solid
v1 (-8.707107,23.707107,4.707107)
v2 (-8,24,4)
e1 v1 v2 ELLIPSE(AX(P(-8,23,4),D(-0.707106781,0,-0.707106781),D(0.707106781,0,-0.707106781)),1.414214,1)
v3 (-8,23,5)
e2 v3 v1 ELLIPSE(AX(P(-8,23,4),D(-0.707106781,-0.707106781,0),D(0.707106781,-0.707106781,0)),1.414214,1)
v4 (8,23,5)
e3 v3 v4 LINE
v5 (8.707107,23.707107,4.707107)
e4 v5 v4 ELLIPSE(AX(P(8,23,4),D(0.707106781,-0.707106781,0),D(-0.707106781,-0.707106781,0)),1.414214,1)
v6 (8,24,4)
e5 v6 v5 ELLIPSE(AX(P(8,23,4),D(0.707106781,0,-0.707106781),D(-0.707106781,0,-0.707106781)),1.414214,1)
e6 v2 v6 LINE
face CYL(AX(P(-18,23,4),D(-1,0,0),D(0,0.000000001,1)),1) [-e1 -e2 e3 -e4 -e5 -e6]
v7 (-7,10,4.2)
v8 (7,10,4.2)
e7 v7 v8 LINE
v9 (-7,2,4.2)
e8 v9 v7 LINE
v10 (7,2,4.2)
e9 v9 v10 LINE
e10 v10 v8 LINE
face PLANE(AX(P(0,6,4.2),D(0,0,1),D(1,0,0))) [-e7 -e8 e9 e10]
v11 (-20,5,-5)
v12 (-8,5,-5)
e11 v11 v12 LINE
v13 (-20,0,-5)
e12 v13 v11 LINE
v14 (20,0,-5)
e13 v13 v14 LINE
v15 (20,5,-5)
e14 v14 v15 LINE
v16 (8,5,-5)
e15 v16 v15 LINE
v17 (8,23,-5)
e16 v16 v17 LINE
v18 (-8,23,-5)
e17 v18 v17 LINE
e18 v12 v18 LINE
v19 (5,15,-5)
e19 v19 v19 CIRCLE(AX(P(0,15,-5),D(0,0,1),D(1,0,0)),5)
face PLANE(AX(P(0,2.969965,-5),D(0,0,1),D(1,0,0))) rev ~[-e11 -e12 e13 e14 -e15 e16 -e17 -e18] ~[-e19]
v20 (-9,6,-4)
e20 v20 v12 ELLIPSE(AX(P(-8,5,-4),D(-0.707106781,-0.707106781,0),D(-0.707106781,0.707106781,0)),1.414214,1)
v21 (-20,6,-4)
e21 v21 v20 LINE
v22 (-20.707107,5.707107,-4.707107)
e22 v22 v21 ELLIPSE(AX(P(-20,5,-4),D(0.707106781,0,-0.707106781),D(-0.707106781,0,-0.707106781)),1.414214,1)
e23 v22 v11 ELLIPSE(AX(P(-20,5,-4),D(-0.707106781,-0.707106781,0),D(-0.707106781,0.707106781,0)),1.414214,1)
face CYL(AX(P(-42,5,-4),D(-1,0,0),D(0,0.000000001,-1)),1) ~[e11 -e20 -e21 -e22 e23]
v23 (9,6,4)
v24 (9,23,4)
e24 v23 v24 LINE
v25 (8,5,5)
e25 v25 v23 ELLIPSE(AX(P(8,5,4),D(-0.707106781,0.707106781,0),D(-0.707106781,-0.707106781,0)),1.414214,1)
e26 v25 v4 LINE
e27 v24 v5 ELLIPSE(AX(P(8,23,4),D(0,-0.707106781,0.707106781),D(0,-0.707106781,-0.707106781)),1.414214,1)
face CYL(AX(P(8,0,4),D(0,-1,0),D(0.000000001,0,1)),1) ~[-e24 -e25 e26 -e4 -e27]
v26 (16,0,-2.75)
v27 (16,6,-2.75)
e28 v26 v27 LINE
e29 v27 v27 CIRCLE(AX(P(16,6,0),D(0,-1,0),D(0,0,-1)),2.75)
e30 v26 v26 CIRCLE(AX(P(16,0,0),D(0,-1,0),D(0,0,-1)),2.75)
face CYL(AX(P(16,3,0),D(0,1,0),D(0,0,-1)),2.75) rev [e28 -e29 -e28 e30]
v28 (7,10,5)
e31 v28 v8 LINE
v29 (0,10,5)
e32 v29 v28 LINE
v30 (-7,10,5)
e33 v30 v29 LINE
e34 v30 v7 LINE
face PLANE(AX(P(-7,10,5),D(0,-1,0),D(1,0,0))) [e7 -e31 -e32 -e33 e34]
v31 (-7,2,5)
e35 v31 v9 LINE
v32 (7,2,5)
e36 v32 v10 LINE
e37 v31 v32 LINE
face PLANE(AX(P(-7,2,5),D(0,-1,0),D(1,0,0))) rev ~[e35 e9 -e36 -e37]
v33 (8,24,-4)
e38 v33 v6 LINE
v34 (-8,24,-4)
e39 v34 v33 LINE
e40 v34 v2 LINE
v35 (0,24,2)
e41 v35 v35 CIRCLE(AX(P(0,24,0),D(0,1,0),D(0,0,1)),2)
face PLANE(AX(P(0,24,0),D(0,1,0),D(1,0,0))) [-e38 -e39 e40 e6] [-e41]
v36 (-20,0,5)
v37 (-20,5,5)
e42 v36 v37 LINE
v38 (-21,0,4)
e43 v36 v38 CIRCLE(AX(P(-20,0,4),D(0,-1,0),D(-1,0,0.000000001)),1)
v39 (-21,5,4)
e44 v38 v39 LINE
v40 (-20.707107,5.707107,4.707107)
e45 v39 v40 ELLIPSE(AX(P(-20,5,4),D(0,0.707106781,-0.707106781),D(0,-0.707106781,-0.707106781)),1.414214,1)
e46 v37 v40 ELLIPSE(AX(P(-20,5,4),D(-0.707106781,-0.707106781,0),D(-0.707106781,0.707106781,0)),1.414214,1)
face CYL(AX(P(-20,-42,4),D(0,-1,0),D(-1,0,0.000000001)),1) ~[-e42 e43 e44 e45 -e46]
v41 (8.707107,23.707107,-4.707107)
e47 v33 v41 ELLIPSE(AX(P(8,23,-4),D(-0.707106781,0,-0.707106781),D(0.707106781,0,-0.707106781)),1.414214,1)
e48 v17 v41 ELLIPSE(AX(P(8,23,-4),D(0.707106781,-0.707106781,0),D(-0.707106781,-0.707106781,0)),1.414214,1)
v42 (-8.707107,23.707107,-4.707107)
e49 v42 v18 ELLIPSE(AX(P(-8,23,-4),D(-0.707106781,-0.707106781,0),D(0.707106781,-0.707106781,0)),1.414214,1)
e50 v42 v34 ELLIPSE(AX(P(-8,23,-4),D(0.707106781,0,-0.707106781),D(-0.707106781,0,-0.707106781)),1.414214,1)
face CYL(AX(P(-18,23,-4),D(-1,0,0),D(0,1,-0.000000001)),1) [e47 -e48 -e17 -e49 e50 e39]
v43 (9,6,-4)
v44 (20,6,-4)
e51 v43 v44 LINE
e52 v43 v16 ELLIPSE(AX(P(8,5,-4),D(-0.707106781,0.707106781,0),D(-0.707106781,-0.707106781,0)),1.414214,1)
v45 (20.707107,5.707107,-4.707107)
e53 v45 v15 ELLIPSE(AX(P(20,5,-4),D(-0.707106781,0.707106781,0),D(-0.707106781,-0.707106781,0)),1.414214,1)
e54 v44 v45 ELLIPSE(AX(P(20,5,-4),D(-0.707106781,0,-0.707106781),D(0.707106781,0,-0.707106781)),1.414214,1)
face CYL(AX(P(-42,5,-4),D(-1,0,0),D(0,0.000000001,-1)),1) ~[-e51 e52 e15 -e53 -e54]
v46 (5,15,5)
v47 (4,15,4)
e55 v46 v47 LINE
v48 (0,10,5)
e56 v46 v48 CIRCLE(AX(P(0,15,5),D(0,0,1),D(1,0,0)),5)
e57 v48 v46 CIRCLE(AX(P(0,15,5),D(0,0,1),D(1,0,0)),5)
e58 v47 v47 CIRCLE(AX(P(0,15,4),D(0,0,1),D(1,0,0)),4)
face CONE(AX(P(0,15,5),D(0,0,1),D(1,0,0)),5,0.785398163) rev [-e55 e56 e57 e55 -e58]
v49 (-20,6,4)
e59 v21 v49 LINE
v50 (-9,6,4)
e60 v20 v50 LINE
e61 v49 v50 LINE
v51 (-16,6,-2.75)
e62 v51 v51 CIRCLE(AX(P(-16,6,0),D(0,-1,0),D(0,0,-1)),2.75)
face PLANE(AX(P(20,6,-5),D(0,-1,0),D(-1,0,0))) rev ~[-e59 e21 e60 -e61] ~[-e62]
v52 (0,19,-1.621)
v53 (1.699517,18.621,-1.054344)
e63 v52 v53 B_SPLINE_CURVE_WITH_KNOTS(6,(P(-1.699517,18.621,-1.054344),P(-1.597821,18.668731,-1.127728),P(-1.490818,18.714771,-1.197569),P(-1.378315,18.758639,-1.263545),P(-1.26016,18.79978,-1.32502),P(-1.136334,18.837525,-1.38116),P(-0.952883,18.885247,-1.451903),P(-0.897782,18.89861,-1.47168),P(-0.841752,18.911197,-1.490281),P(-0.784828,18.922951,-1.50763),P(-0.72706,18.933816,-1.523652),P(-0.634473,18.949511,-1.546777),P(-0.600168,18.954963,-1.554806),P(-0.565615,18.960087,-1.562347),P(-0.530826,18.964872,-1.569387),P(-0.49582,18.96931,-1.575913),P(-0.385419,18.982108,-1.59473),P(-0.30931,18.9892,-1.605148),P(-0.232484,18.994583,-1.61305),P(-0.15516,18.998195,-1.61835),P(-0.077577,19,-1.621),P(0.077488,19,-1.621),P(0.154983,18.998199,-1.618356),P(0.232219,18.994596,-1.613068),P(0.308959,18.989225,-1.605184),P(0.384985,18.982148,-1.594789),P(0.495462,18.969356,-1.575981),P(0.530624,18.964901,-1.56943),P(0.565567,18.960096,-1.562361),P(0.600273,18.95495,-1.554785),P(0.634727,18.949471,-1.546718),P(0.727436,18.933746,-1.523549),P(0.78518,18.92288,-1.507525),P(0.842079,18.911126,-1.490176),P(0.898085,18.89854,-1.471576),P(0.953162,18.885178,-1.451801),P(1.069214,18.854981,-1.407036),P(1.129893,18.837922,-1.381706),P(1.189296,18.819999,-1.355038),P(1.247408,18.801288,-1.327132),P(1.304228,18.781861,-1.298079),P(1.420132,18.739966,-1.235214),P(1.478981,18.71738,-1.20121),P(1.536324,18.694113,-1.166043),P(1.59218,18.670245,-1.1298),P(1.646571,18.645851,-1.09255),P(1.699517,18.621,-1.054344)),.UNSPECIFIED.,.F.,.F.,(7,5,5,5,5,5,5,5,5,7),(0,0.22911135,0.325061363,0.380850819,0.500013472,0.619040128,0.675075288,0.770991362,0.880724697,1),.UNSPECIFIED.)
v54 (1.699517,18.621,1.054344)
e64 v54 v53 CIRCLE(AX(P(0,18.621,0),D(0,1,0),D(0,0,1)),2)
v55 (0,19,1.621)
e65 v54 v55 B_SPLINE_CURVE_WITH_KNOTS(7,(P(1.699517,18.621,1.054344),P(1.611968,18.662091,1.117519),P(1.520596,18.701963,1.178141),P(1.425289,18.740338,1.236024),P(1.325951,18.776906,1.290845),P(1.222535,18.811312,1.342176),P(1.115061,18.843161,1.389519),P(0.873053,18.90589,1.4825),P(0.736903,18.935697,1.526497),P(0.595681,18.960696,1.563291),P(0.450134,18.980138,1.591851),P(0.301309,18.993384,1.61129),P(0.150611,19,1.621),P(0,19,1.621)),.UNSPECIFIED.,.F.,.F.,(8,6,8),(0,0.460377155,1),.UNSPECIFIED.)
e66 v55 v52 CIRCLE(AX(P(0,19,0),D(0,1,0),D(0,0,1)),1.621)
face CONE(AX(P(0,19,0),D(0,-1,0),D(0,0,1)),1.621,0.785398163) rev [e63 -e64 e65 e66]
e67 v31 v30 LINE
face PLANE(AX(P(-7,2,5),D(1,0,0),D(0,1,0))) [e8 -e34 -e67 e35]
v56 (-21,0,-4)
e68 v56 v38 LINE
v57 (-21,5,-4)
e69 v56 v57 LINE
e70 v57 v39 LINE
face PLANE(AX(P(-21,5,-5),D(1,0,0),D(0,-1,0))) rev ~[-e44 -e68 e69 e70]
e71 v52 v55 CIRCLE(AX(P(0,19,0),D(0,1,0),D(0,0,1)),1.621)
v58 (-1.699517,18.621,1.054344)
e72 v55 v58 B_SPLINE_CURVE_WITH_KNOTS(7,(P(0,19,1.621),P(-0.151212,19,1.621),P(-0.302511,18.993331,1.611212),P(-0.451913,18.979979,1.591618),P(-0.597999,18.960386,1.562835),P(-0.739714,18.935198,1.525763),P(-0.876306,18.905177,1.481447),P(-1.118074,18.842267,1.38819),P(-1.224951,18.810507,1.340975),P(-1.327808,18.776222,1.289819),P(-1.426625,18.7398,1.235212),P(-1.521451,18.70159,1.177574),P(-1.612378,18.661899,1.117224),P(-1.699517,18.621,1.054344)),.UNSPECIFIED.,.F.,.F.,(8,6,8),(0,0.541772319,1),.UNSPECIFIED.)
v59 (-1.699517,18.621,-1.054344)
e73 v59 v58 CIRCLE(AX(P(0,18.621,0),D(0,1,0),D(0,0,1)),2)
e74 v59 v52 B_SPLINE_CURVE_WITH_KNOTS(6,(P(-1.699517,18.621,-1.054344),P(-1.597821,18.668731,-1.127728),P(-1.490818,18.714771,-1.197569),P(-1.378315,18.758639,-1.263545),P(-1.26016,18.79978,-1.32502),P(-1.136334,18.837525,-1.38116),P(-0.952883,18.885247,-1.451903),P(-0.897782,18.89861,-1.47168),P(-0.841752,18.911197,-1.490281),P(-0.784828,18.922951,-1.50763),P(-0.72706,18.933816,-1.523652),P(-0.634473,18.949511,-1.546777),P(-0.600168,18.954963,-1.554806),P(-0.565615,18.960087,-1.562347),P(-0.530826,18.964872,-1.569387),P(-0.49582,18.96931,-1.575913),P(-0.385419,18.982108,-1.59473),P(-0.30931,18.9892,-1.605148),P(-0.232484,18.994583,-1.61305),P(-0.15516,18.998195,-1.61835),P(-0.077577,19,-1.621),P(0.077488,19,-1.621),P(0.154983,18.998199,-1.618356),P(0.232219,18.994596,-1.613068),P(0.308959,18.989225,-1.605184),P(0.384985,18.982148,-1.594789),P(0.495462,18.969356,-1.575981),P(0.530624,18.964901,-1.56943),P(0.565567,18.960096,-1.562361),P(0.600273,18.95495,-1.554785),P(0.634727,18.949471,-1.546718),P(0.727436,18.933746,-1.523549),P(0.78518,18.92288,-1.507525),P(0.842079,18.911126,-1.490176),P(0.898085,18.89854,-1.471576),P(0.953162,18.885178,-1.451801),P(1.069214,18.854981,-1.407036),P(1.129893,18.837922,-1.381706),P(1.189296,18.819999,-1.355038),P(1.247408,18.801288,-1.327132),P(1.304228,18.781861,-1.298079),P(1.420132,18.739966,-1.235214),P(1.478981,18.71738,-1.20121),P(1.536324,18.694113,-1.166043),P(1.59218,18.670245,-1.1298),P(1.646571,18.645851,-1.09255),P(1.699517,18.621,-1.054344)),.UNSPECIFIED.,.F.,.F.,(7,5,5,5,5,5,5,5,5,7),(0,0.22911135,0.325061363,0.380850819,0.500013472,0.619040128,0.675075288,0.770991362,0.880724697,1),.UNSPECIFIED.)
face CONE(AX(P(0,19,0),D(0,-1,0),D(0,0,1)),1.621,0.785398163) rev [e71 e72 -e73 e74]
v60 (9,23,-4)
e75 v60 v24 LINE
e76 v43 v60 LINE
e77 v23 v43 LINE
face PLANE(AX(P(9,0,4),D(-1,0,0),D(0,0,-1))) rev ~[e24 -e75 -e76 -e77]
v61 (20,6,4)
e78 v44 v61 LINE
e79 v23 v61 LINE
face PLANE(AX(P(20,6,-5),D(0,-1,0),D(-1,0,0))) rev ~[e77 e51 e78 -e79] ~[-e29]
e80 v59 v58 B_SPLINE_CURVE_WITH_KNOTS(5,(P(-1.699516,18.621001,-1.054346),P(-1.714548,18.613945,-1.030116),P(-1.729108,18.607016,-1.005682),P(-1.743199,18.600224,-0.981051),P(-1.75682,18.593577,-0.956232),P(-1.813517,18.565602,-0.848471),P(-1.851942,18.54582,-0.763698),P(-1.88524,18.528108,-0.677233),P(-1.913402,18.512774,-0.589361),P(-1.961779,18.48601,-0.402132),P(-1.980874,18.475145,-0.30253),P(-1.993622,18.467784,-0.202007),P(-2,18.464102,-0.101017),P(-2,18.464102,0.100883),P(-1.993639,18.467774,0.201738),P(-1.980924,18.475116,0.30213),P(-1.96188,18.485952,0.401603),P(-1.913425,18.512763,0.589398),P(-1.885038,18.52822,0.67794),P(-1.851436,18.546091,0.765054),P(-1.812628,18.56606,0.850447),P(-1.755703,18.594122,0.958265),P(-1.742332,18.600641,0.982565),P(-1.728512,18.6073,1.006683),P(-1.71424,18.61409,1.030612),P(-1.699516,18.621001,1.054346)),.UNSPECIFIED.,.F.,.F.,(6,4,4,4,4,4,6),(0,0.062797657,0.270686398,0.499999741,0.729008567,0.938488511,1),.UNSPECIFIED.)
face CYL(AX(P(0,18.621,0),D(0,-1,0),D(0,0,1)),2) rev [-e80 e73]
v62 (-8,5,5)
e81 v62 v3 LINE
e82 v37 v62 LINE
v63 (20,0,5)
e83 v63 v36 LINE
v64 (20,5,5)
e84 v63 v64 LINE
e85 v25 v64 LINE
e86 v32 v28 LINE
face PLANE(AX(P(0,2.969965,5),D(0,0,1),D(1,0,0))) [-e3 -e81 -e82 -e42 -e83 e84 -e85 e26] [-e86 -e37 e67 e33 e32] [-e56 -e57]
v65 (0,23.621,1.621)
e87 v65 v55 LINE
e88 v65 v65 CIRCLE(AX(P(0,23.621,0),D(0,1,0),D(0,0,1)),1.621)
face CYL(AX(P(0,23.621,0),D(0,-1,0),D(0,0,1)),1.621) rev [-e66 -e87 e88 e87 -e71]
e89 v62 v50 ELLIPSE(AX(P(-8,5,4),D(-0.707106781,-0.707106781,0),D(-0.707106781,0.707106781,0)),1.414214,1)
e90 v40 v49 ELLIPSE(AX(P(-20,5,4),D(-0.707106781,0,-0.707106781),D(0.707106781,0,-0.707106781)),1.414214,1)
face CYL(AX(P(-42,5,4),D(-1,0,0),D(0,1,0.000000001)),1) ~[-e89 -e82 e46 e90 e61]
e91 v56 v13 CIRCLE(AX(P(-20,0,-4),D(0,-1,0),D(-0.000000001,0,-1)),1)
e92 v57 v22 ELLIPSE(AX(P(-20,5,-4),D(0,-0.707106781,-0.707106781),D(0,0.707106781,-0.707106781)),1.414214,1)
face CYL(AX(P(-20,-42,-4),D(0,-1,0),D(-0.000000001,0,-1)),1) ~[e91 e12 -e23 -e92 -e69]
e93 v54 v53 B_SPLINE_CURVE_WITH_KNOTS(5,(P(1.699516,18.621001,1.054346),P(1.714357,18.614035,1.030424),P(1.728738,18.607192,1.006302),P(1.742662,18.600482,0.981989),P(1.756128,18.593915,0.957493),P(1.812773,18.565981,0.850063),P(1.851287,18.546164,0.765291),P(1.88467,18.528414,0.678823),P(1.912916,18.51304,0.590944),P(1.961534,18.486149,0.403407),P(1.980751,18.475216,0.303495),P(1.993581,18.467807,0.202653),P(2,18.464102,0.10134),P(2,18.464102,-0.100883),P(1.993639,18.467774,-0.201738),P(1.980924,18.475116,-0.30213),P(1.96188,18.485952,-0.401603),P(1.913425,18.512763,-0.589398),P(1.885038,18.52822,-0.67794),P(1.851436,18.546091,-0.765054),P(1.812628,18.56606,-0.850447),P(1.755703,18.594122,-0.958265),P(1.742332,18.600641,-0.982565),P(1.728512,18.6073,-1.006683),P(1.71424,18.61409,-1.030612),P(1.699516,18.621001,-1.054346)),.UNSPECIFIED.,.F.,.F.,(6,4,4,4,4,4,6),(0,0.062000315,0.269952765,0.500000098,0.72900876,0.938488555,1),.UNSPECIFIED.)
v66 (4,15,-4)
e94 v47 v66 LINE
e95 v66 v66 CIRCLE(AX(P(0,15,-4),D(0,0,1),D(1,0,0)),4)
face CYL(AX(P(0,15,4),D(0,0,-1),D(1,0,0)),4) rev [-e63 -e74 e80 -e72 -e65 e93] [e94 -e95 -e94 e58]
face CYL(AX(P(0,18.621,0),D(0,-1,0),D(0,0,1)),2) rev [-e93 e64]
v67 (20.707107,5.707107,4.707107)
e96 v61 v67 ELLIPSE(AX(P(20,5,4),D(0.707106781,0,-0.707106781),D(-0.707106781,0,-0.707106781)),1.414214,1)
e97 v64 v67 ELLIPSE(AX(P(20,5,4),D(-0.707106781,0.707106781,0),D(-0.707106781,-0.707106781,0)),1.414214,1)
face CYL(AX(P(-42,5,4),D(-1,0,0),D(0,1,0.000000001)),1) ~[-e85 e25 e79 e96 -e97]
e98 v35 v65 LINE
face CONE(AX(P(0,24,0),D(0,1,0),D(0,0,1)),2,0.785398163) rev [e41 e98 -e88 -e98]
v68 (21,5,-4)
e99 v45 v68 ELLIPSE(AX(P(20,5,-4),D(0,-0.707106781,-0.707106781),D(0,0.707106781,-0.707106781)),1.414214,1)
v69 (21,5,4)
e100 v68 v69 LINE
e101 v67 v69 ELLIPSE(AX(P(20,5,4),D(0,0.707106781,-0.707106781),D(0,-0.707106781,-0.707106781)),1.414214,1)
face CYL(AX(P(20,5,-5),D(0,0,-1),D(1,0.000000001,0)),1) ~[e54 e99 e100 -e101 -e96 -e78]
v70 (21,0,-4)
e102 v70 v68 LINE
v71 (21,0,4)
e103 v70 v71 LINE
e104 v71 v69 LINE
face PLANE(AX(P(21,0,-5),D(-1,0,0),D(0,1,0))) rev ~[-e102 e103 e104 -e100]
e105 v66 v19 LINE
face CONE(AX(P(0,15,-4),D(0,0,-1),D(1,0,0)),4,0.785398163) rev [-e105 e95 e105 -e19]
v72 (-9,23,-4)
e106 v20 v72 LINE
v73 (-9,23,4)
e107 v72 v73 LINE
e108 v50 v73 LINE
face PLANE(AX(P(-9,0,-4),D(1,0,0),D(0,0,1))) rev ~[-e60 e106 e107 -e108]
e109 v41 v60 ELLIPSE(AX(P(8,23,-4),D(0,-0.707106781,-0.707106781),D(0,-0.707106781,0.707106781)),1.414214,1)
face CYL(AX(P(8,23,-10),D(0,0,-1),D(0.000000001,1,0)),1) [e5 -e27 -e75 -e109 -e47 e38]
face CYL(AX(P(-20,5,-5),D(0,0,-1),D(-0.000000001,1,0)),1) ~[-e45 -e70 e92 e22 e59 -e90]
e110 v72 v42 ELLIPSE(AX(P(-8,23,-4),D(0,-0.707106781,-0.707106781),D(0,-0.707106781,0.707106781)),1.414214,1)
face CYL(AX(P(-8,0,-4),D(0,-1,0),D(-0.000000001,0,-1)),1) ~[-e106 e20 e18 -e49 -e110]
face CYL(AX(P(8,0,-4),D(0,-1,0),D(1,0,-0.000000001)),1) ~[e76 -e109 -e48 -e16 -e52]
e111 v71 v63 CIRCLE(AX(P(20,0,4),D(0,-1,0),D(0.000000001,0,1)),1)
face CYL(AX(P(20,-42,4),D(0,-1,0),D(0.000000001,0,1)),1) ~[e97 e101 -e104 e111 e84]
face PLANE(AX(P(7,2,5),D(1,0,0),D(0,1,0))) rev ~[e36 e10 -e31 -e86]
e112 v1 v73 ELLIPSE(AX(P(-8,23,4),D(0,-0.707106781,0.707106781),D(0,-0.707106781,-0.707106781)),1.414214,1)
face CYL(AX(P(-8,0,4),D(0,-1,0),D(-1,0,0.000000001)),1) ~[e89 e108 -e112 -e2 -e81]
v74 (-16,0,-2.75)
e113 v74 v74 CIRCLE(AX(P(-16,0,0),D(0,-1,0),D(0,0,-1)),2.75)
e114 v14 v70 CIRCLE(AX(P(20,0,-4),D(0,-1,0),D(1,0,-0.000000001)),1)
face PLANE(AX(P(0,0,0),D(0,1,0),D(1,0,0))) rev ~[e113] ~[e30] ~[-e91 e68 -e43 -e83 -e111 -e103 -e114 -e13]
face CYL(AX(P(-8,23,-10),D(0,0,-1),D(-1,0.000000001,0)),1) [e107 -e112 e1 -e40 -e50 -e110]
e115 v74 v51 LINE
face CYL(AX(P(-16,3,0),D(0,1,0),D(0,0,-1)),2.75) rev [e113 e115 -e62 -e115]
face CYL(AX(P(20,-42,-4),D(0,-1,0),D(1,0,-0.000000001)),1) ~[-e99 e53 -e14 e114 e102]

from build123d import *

# Parameters (mm, degrees)
BOSS_EXTRUDE1_DEPTH      = 5
BOSS_EXTRUDE1_DEPTH_BACK = 5
CUT_EXTRUDE1_DEPTH       = 42
CUT_EXTRUDE1_DEPTH_BACK  = 42
SKETCH2_W                = 20
SKETCH2_H                = 16
CUT_EXTRUDE2_DEPTH       = 42
CUT_EXTRUDE2_DEPTH_BACK  = 42
SKETCH3_W                = 63
SKETCH3_H                = 20
BOSS_EXTRUDE2_DEPTH      = 24
CUT_EXTRUDE3_DEPTH       = 10
CUT_EXTRUDE3_DEPTH_BACK  = 10
CUT_EXTRUDE4_DEPTH       = 18
CUT_EXTRUDE4_DEPTH_BACK  = 18
SKETCH8_W                = 2.75
SKETCH8_H                = 6
SKETCH9_W                = 2.75
SKETCH9_H                = 6
SKETCH11_W               = 14
SKETCH11_H               = 8
CUT_EXTRUDE5_DEPTH       = 0.8


with BuildPart() as part:
    # Sketch1 → Boss-Extrude1 (new, two sides: drawn at the far end of the back side and taken through both)
    with BuildSketch(Plane.XY.offset(-BOSS_EXTRUDE1_DEPTH_BACK)):
        with BuildLine():
            Line((-21, 0), (21, 0))
            Line((21, 0), (21, 5))
            ThreePointArc((21, 5), (20.707106781, 5.707106781), (20, 6))
            Line((20, 6), (-20, 6))
            ThreePointArc((-20, 6), (-20.707106781, 5.707106781), (-21, 5))
            Line((-21, 5), (-21, 0))
        make_face()
    extrude(amount=BOSS_EXTRUDE1_DEPTH + BOSS_EXTRUDE1_DEPTH_BACK)

    # Sketch2 → Cut-Extrude1 (cut, two sides: drawn at the far end of the back side and taken through both)
    with BuildSketch(Plane(origin=(0, 0, 0), x_dir=(0, 0, -1), z_dir=(1, 0, 0)).offset(-CUT_EXTRUDE1_DEPTH_BACK)):
        with Locations((0, 3)):
            Rectangle(SKETCH2_W, SKETCH2_H)
        with BuildLine():
            Line((-5, 0), (5, 0))
            Line((5, 0), (5, 5))
            ThreePointArc((5, 5), (4.707106781, 5.707106781), (4, 6))
            Line((4, 6), (-4, 6))
            ThreePointArc((-4, 6), (-4.707106781, 5.707106781), (-5, 5))
            Line((-5, 5), (-5, 0))
        make_face(mode=Mode.SUBTRACT)
    extrude(amount=CUT_EXTRUDE1_DEPTH + CUT_EXTRUDE1_DEPTH_BACK, mode=Mode.SUBTRACT)

    # Sketch3 → Cut-Extrude2 (cut, two sides: drawn at the far end of the back side and taken through both)
    with BuildSketch(Plane(origin=(0, 0, 0), x_dir=(1, 0, 0), z_dir=(0, 1, 0)).offset(-CUT_EXTRUDE2_DEPTH_BACK)):
        Rectangle(SKETCH3_W, SKETCH3_H)
        with BuildLine():
            Line((-21, 4), (-21, -4))
            ThreePointArc((-21, -4), (-20.707106781, -4.707106781), (-20, -5))
            Line((-20, -5), (20, -5))
            ThreePointArc((20, -5), (20.707106781, -4.707106781), (21, -4))
            Line((21, -4), (21, 4))
            ThreePointArc((21, 4), (20.707106781, 4.707106781), (20, 5))
            Line((20, 5), (-20, 5))
            ThreePointArc((-20, 5), (-20.707106781, 4.707106781), (-21, 4))
        make_face(mode=Mode.SUBTRACT)
    extrude(amount=CUT_EXTRUDE2_DEPTH + CUT_EXTRUDE2_DEPTH_BACK, mode=Mode.SUBTRACT)

    # Sketch4 → Boss-Extrude2 (add)
    with BuildSketch(Plane(origin=(0, 0, 0), x_dir=(1, 0, 0), z_dir=(0, 1, 0))):
        with BuildLine():
            Line((-9, 4), (-9, -4))
            ThreePointArc((-9, -4), (-8.707106781, -4.707106781), (-8, -5))
            Line((-8, -5), (8, -5))
            ThreePointArc((8, -5), (8.707106781, -4.707106781), (9, -4))
            Line((9, -4), (9, 4))
            ThreePointArc((9, 4), (8.707106781, 4.707106781), (8, 5))
            Line((8, 5), (-8, 5))
            ThreePointArc((-8, 5), (-8.707106781, 4.707106781), (-9, 4))
        make_face()
    extrude(amount=BOSS_EXTRUDE2_DEPTH)

    # Sketch5 → Cut-Extrude3 (cut, two sides: drawn at the far end of the back side and taken through both)
    with BuildSketch(Plane.XY.offset(-CUT_EXTRUDE3_DEPTH_BACK)):
        with BuildLine():
            Line((-9, 48), (-9, 23))
            ThreePointArc((-9, 23), (-8.707106781, 23.707106781), (-8, 24))
            Line((-8, 24), (8, 24))
            ThreePointArc((8, 24), (8.707106781, 23.707106781), (9, 23))
            Line((9, 23), (9, 48))
            Line((9, 48), (-9, 48))
        make_face()
    extrude(amount=CUT_EXTRUDE3_DEPTH + CUT_EXTRUDE3_DEPTH_BACK, mode=Mode.SUBTRACT)

    # Sketch6 → Cut-Extrude4 (cut, two sides: drawn at the far end of the back side and taken through both)
    with BuildSketch(Plane(origin=(0, 0, 0), x_dir=(0, 0, -1), z_dir=(1, 0, 0)).offset(-CUT_EXTRUDE4_DEPTH_BACK)):
        with BuildLine():
            Line((-5, 48), (-5, 23))
            ThreePointArc((-5, 23), (-4.707106781, 23.707106781), (-4, 24))
            Line((-4, 24), (4, 24))
            ThreePointArc((4, 24), (4.707106781, 23.707106781), (5, 23))
            Line((5, 23), (5, 48))
            Line((5, 48), (-5, 48))
        make_face()
    extrude(amount=CUT_EXTRUDE4_DEPTH + CUT_EXTRUDE4_DEPTH_BACK, mode=Mode.SUBTRACT)

    # Sketch7 → Cut-Revolve1 (revolve, cut)
    with BuildSketch(Plane(origin=(0, 0, 0), x_dir=(0, 0, -1), z_dir=(1, 0, 0))):
        Polygon((-5, 15), (-5, 20), (-4, 19), (4, 19), (5, 20), (5, 15), align=None)
    revolve(axis=Axis((0, 15, -5), (0, 0, 1)), mode=Mode.SUBTRACT)

    # Sketch8 → Cut-Revolve2 (revolve, cut)
    with BuildSketch(Plane.XY):
        with Locations((-17.375, 3)):
            Rectangle(SKETCH8_W, SKETCH8_H)
    revolve(axis=Axis((-16, 6, 0), (0, -1, 0)), mode=Mode.SUBTRACT)

    # Sketch9 → Cut-Revolve3 (revolve, cut)
    with BuildSketch(Plane.XY):
        with Locations((14.625, 3)):
            Rectangle(SKETCH9_W, SKETCH9_H)
    revolve(axis=Axis((16, 6, 0), (0, -1, 0)), mode=Mode.SUBTRACT)

    # Sketch10 → Cut-Revolve4 (revolve, cut)
    with BuildSketch(Plane.XY):
        Polygon((0, 24), (2, 24), (1.621, 23.621), (1.621, 19), (2, 18.621), (2, 15), (0, 15), align=None)
    revolve(axis=Axis((0, 15, 0), (0, 1, 0)), mode=Mode.SUBTRACT)

    # Sketch11 → Cut-Extrude5 (cut)
    with BuildSketch(Plane.XY.offset(5)):
        with Locations((0, 6)):
            Rectangle(SKETCH11_W, SKETCH11_H)
    extrude(amount=-CUT_EXTRUDE5_DEPTH, mode=Mode.SUBTRACT)


solid = part.part
